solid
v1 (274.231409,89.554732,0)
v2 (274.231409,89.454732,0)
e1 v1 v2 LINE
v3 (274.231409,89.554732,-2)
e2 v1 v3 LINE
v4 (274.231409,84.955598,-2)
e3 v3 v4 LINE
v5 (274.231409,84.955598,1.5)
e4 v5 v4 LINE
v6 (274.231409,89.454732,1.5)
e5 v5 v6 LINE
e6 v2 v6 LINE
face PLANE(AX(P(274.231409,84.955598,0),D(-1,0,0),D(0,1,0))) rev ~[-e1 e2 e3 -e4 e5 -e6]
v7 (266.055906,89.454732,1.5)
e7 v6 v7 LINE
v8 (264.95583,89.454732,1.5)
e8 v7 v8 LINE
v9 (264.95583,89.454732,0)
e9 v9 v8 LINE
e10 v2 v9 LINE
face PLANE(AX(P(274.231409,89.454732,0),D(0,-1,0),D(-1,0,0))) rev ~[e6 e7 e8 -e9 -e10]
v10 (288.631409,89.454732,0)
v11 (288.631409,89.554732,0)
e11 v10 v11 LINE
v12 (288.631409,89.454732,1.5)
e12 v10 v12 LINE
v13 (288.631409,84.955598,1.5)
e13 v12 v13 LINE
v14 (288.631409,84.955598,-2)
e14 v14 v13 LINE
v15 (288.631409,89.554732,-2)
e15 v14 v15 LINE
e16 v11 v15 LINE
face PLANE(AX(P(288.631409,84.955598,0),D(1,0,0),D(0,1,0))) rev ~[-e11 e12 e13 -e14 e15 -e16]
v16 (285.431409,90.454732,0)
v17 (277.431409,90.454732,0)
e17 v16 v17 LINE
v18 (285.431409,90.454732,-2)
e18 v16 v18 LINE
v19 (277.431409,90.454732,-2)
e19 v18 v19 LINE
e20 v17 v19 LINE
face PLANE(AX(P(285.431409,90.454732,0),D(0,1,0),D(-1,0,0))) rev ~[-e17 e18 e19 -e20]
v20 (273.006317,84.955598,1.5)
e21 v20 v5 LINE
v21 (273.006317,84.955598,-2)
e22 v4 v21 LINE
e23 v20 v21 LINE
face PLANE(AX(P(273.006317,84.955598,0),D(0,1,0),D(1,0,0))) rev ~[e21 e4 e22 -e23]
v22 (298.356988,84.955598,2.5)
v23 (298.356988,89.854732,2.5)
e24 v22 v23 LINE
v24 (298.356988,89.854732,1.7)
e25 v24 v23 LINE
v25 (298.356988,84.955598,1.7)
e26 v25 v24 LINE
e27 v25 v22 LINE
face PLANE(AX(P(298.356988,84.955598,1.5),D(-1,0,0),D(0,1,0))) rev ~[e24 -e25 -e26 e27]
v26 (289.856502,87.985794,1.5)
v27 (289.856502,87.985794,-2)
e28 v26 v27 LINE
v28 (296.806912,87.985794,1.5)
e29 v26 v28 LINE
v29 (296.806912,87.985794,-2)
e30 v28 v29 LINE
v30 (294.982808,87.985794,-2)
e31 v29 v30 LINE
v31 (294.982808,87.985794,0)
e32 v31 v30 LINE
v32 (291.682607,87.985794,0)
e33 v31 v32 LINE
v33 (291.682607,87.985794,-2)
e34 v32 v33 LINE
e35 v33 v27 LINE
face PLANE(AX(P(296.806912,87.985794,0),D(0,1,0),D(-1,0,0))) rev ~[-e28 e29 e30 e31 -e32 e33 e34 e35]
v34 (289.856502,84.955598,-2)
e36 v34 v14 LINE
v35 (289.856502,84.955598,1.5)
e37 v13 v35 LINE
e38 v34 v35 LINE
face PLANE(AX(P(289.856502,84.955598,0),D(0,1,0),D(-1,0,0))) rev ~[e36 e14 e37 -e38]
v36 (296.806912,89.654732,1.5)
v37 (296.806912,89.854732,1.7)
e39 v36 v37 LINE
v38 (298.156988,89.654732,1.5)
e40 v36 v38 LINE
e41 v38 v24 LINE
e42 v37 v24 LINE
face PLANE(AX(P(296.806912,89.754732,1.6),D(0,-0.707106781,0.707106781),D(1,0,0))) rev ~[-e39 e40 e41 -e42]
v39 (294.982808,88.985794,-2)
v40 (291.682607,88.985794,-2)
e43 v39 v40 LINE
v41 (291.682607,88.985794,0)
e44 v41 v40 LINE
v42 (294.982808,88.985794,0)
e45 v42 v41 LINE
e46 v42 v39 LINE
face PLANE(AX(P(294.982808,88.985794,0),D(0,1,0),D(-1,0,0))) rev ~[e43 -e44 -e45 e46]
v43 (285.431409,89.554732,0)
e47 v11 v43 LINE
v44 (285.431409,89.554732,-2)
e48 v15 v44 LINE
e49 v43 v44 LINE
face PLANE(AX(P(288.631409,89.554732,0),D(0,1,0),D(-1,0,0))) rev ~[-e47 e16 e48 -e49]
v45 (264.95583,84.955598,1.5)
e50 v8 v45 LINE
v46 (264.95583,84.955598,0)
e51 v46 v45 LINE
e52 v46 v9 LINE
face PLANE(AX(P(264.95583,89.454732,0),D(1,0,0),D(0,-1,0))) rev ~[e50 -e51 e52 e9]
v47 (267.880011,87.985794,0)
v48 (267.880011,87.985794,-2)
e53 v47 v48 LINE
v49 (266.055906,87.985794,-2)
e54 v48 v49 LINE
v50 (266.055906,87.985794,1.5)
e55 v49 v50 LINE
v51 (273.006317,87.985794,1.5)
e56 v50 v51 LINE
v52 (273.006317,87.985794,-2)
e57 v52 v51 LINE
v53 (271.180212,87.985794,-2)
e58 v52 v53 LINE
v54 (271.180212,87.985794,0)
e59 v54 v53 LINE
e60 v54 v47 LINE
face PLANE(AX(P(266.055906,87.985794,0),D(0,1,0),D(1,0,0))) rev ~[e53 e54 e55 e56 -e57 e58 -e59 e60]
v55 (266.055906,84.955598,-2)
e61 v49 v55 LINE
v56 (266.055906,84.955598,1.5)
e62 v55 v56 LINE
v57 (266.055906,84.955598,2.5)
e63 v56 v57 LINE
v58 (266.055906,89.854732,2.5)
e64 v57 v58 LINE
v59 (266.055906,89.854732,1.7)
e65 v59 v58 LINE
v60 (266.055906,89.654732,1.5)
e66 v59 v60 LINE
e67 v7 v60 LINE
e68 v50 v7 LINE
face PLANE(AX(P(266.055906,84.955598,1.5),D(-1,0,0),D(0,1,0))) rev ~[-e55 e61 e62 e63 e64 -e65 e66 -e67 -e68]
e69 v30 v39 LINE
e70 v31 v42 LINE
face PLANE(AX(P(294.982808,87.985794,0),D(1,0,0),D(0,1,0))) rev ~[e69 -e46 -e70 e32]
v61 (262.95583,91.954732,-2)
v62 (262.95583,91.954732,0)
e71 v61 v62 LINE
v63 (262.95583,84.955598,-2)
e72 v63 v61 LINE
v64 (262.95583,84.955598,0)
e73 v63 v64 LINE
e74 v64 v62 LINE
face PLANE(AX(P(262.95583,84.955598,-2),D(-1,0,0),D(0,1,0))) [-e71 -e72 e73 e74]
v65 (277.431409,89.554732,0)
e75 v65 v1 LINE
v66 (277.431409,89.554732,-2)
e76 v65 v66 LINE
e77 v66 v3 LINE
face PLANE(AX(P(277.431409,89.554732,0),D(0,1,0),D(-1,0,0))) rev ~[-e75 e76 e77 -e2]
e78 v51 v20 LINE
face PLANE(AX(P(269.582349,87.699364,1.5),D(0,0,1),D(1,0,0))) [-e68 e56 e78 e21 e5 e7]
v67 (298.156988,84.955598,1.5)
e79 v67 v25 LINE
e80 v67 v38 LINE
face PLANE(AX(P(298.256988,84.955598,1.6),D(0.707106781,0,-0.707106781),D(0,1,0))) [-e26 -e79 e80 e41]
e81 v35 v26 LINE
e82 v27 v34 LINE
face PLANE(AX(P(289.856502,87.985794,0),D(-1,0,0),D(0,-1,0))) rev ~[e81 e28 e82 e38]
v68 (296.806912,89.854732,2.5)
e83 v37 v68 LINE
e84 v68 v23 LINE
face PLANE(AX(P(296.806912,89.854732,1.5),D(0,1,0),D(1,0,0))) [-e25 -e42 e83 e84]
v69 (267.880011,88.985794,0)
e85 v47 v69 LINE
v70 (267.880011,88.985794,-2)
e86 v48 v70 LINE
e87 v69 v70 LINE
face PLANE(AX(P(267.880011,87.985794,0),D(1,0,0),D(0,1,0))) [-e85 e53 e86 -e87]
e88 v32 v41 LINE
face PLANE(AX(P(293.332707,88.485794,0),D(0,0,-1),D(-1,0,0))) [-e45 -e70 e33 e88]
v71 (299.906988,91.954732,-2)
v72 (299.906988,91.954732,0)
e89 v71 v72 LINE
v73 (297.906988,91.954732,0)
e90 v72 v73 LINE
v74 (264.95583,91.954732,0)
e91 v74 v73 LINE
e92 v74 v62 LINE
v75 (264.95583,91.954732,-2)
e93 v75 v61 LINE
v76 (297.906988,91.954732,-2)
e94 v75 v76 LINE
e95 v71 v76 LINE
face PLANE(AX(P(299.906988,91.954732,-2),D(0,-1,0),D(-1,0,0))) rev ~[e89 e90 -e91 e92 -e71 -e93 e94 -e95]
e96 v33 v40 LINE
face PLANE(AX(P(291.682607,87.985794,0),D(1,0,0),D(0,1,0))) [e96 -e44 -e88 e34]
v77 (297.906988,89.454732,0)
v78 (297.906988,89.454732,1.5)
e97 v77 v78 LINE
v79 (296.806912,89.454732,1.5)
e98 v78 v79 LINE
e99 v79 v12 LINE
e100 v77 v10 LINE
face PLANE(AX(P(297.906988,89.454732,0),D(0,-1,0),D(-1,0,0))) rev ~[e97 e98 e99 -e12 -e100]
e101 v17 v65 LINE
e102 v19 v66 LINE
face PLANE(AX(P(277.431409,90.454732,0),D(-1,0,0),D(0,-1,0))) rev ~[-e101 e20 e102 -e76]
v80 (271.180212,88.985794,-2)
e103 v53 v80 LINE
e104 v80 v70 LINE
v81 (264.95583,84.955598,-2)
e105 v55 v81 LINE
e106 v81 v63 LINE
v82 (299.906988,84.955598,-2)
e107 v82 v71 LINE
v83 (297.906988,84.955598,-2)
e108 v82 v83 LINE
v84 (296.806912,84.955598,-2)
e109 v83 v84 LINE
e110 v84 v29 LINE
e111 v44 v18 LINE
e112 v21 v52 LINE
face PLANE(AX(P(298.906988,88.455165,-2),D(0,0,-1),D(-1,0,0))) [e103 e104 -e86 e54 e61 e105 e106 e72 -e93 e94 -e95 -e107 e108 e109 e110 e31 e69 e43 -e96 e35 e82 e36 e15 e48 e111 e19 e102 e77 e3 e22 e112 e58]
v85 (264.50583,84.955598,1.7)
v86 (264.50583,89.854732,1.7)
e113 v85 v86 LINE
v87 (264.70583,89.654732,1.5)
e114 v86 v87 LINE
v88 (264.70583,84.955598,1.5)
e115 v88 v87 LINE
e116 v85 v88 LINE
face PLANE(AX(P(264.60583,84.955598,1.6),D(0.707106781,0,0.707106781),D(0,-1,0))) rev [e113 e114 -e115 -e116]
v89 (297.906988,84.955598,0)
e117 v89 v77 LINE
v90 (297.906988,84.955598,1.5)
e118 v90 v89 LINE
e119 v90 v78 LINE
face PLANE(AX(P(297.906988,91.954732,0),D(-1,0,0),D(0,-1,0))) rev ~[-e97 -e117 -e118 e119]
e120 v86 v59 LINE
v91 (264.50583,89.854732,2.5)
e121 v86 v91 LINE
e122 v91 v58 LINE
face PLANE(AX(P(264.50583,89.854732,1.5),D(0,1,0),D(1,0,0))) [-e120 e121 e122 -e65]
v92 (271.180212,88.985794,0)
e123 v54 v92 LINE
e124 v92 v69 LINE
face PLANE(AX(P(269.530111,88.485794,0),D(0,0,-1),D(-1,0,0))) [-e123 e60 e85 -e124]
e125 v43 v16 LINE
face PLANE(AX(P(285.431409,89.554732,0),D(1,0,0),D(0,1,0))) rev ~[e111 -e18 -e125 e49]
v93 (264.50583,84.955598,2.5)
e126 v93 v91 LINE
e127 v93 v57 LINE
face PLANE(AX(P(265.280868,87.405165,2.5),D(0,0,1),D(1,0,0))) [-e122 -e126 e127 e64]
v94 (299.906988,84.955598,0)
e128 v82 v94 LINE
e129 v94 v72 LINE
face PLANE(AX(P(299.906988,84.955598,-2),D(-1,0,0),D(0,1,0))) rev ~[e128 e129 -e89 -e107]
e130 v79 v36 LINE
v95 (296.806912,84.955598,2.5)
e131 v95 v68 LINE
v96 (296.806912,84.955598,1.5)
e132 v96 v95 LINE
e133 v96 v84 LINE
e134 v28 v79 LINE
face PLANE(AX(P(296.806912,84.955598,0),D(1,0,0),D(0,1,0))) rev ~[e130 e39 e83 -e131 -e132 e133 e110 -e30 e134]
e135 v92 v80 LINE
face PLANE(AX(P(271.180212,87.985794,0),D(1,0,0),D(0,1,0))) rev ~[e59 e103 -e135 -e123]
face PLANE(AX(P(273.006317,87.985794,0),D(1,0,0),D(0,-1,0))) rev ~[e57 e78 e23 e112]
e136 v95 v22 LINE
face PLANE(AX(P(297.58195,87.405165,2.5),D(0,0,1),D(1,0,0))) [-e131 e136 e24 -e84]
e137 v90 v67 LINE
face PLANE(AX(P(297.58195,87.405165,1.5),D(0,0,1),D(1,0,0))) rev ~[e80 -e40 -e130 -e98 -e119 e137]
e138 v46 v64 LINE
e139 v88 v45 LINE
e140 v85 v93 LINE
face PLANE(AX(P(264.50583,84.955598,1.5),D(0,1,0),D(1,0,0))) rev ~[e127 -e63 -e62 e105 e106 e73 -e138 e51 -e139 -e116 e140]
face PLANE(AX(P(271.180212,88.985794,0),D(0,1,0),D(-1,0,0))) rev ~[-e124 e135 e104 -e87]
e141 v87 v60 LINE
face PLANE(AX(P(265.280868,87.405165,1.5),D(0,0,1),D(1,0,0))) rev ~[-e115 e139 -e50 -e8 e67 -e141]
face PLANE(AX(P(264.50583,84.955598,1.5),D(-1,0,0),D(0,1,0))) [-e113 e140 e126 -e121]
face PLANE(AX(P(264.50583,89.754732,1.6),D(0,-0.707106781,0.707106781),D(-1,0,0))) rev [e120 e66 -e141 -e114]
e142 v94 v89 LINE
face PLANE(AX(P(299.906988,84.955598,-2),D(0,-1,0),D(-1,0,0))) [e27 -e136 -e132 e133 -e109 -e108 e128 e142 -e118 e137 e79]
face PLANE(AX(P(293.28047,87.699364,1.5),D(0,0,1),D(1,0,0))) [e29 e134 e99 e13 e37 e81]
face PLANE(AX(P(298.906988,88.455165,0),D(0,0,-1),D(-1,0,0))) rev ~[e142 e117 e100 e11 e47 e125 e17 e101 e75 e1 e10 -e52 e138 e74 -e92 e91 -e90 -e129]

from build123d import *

# Parameters (mm, degrees)
BOSS_EXTRUDE1_DEPTH = 2
BOSS_EXTRUDE2_DEPTH = 1.5
SKETCH4_W           = 1.550075991
SKETCH4_H           = 4.899134607
BOSS_EXTRUDE3_DEPTH = 1
CHAMFER1_SIZE       = 0.2
CUT_EXTRUDE1_START  = -2
SKETCH5_W           = 3.300200616
SKETCH5_H           = 1
SKETCH5_W_2         = 3.300200617
CUT_EXTRUDE1_DEPTH  = 2
SKETCH6_W           = 2
SKETCH6_H           = 6.999134607
BOSS_EXTRUDE4_DEPTH = 2


with BuildPart() as part:
    # Sketch2 → Boss-Extrude1 (new body)
    with BuildSketch(Plane.XY):
        Polygon((285.431409328, 90.45473243), (277.431409328, 90.45473243), (277.431409328, 89.55473243), (274.231409328, 89.55473243), (274.231409328, 84.955597823), (273.006316619, 84.955597823), (273.006316619, 87.985794184), (266.055906266, 87.985794184), (266.055906266, 84.955597823), (264.955830275, 84.955597823), (264.955830275, 91.95473243), (297.906988381, 91.95473243), (297.906988381, 84.955597823), (296.80691239, 84.955597823), (296.80691239, 87.985794184), (289.856502038, 87.985794184), (289.856502038, 84.955597823), (288.631409328, 84.955597823), (288.631409328, 89.55473243), (285.431409328, 89.55473243), align=None)
    extrude(amount=-BOSS_EXTRUDE1_DEPTH)

    # Sketch3 → Boss-Extrude2 (add)
    with BuildSketch(Plane.XY):
        Polygon((274.231409328, 89.45473243), (264.955830275, 89.45473243), (264.955830275, 84.955597823), (266.055906266, 84.955597823), (266.055906266, 87.985794184), (273.006316619, 87.985794184), (273.006316619, 84.955597823), (274.231409328, 84.955597823), align=None)
        Polygon((297.906988381, 89.45473243), (288.631409328, 89.45473243), (288.631409328, 84.955597823), (289.856502038, 84.955597823), (289.856502038, 87.985794184), (296.80691239, 87.985794184), (296.80691239, 84.955597823), (297.906988381, 84.955597823), align=None)
    extrude(amount=BOSS_EXTRUDE2_DEPTH)

    # Sketch4 → Boss-Extrude3 (add)
    with BuildSketch(Plane.XY.offset(1.5)):
        with Locations((265.280868271, 87.405165127)):
            Rectangle(SKETCH4_W, SKETCH4_H)
        with Locations((297.581950386, 87.405165127)):
            Rectangle(SKETCH4_W, SKETCH4_H)
    extrude(amount=BOSS_EXTRUDE3_DEPTH)

    # Chamfer1
    chamfer1_edges = [part.edges().sort_by_distance(p)[0] for p in [
        (264.505830275, 87.405165127, 1.5),
        (265.280868271, 89.85473243, 1.5),
        (298.356988381, 87.405165127, 1.5),
        (297.581950386, 89.85473243, 1.5),
    ]]
    chamfer(chamfer1_edges, length=CHAMFER1_SIZE)

    # Sketch5 → Cut-Extrude1 (cut)
    with BuildSketch(Plane(origin=(0, 0, -2), x_dir=(-1, 0, 0), z_dir=(0, 0, -1)).offset(CUT_EXTRUDE1_START)):
        with Locations((-269.530111382, 88.485794184)):
            Rectangle(SKETCH5_W, SKETCH5_H)
        with Locations((-293.332707275, 88.485794184)):
            Rectangle(SKETCH5_W_2, SKETCH5_H)
    extrude(amount=CUT_EXTRUDE1_DEPTH, mode=Mode.SUBTRACT)

    # Sketch6 → Boss-Extrude4 (add)
    with BuildSketch(Plane(origin=(0, 0, -2), x_dir=(-1, 0, 0), z_dir=(0, 0, -1))):
        with Locations((-298.906988381, 88.455165127)):
            Rectangle(SKETCH6_W, SKETCH6_H)
        with Locations((-263.955830275, 88.455165127)):
            Rectangle(SKETCH6_W, SKETCH6_H)
    extrude(amount=-BOSS_EXTRUDE4_DEPTH)


solid = part.part
